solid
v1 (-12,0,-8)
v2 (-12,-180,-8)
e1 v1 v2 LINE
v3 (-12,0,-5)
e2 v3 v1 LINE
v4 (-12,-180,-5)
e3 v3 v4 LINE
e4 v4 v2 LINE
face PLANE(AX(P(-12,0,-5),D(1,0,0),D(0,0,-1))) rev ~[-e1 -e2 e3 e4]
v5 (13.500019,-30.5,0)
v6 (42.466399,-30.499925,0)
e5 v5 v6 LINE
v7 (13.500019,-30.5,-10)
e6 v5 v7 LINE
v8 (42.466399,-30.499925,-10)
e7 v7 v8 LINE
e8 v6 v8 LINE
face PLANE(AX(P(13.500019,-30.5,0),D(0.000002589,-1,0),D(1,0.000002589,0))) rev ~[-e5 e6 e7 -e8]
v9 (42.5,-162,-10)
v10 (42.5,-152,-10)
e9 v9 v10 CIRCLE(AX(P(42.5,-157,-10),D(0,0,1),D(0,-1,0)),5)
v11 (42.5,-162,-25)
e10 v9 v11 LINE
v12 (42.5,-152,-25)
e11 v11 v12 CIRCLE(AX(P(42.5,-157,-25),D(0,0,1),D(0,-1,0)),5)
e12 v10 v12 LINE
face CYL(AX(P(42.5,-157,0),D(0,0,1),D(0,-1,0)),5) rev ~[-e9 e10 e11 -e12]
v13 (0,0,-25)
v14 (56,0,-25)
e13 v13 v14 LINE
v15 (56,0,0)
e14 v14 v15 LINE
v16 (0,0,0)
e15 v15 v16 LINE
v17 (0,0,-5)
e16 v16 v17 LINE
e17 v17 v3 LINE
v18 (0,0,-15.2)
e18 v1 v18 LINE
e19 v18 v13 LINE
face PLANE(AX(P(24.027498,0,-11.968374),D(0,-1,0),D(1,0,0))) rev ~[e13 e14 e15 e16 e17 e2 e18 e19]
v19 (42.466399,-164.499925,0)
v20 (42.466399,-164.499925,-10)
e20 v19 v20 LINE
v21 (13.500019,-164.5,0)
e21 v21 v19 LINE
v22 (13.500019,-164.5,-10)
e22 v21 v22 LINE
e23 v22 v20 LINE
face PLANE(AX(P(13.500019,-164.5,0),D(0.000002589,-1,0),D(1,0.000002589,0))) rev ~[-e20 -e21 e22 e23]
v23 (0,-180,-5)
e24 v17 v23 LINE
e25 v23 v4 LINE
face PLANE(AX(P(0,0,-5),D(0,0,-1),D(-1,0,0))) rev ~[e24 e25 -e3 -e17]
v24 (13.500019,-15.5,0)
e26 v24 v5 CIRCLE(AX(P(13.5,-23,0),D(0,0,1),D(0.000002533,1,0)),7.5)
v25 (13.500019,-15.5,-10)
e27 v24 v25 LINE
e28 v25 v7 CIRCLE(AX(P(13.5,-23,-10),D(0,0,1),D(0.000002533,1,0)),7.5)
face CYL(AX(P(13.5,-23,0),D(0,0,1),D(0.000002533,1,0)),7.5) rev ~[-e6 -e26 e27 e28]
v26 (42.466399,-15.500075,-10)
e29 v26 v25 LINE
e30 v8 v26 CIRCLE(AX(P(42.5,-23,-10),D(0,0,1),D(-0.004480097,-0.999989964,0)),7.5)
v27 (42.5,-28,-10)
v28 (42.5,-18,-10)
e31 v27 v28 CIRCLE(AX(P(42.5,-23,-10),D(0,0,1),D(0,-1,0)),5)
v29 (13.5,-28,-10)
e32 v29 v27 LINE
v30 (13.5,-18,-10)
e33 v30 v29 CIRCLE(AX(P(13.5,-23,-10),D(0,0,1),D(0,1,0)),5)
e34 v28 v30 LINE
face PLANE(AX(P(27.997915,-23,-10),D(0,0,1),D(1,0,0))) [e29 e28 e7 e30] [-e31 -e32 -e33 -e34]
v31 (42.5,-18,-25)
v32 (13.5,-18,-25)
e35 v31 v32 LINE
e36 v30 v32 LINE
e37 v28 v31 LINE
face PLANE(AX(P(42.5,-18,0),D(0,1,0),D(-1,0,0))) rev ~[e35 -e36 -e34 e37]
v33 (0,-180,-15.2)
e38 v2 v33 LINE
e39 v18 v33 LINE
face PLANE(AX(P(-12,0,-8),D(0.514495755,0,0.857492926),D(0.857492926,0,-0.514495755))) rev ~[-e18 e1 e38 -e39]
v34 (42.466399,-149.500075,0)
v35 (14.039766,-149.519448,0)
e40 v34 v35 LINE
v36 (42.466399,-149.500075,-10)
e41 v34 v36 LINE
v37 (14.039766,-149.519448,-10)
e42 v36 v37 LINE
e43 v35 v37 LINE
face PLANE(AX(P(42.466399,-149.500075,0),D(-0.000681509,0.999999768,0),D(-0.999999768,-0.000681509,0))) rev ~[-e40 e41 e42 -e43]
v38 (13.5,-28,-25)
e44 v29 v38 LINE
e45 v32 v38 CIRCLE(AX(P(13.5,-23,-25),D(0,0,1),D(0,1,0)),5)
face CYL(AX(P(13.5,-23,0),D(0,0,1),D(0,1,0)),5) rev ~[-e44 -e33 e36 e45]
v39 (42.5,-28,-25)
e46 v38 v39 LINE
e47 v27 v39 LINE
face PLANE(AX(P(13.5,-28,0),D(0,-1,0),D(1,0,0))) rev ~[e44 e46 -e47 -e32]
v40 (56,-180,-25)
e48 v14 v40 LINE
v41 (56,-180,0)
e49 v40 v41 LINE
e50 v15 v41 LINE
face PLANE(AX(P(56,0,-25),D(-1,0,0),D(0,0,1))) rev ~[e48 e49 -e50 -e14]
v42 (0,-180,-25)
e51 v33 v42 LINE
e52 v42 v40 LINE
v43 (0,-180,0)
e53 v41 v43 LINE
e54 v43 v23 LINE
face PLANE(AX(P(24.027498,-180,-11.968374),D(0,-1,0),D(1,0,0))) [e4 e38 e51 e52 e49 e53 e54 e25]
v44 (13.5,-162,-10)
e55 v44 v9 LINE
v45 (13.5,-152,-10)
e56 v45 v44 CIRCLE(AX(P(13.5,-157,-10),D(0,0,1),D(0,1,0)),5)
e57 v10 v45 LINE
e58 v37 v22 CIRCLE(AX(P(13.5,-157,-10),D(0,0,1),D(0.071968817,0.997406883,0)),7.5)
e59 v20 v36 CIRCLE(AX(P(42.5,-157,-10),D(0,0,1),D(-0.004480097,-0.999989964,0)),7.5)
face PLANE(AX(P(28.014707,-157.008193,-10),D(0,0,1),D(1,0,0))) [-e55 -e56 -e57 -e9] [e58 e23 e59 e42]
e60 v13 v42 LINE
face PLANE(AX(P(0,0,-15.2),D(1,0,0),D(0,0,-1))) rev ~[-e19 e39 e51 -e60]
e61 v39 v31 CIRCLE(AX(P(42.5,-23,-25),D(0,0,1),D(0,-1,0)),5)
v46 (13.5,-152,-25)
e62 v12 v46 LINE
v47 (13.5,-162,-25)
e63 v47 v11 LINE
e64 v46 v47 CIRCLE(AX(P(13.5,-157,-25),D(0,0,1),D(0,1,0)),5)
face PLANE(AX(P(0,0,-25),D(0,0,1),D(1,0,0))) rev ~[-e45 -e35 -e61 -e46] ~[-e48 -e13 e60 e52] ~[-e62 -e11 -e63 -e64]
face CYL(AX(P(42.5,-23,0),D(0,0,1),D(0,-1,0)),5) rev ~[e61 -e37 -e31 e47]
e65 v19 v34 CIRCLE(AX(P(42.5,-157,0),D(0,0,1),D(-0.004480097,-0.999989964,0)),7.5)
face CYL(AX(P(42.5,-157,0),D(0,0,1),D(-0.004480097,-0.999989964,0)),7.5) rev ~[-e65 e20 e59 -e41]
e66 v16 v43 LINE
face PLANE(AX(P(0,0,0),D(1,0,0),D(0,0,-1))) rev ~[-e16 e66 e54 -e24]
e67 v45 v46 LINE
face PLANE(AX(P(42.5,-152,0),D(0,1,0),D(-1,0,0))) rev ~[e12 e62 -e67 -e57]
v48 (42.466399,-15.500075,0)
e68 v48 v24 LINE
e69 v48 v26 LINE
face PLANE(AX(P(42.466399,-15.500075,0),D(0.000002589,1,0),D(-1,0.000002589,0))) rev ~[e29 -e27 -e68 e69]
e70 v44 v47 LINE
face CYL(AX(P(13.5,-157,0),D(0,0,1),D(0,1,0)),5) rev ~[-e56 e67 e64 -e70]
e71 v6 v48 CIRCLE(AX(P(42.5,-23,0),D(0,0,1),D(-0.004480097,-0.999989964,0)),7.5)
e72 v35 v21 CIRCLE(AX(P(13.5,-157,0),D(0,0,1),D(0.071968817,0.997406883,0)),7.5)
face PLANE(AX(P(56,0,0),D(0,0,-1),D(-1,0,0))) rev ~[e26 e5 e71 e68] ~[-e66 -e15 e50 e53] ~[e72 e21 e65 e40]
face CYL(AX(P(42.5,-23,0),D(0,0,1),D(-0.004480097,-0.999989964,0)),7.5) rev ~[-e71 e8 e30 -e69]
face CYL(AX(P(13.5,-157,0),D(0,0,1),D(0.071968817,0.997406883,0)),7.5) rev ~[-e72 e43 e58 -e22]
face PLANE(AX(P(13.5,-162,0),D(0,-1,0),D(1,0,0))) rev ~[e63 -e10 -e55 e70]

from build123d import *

# Parameters (mm, degrees)
F1_DEPTH = 180
F3_DEPTH = 10
F5_DEPTH = 25


with BuildPart() as f1:
    # F0 (on Front) → F1 (new body)
    with BuildSketch(Plane.XZ):
        Polygon((56, 0), (0, 0), (0, -5), (-12, -5), (-12, -8), (0, -15.2), (0, -17), (0, -25), (56, -25), align=None)
    extrude(amount=F1_DEPTH)

    # F2 (on face) → F3 (cut)
    with BuildSketch(Plane.XY):
        with BuildLine():
            Line((13.500019, -164.5), (42.466399, -164.499925))
            ThreePointArc((42.466399, -164.499925), (50, -157), (42.466399, -149.500075))
            Line((42.466399, -149.500075), (14.039766, -149.519448))
            ThreePointArc((14.039766, -149.519448), (6.004863, -156.729951), (13.500019, -164.5))
        make_face()
        with BuildLine():
            Line((13.500019, -30.5), (42.466399, -30.499925))
            ThreePointArc((42.466399, -30.499925), (50, -23), (42.466399, -15.500075))
            Line((42.466399, -15.500075), (13.500019, -15.5))
            ThreePointArc((13.500019, -15.5), (6, -23), (13.500019, -30.5))
        make_face()
    extrude(amount=-F3_DEPTH, mode=Mode.SUBTRACT)

    # F4 (on face) → F5 (cut)
    with BuildSketch(Plane.XY):
        with BuildLine():
            Line((42.5, -18), (13.5, -18))
            ThreePointArc((13.5, -18), (8.5, -23), (13.5, -28))
            Line((13.5, -28), (42.5, -28))
            ThreePointArc((42.5, -28), (47.5, -23), (42.5, -18))
        make_face()
        with BuildLine():
            Line((42.5, -152), (13.5, -152))
            ThreePointArc((13.5, -152), (8.5, -157), (13.5, -162))
            Line((13.5, -162), (42.5, -162))
            ThreePointArc((42.5, -162), (47.5, -157), (42.5, -152))
        make_face()
    extrude(amount=-F5_DEPTH, mode=Mode.SUBTRACT)


solid = f1.part
